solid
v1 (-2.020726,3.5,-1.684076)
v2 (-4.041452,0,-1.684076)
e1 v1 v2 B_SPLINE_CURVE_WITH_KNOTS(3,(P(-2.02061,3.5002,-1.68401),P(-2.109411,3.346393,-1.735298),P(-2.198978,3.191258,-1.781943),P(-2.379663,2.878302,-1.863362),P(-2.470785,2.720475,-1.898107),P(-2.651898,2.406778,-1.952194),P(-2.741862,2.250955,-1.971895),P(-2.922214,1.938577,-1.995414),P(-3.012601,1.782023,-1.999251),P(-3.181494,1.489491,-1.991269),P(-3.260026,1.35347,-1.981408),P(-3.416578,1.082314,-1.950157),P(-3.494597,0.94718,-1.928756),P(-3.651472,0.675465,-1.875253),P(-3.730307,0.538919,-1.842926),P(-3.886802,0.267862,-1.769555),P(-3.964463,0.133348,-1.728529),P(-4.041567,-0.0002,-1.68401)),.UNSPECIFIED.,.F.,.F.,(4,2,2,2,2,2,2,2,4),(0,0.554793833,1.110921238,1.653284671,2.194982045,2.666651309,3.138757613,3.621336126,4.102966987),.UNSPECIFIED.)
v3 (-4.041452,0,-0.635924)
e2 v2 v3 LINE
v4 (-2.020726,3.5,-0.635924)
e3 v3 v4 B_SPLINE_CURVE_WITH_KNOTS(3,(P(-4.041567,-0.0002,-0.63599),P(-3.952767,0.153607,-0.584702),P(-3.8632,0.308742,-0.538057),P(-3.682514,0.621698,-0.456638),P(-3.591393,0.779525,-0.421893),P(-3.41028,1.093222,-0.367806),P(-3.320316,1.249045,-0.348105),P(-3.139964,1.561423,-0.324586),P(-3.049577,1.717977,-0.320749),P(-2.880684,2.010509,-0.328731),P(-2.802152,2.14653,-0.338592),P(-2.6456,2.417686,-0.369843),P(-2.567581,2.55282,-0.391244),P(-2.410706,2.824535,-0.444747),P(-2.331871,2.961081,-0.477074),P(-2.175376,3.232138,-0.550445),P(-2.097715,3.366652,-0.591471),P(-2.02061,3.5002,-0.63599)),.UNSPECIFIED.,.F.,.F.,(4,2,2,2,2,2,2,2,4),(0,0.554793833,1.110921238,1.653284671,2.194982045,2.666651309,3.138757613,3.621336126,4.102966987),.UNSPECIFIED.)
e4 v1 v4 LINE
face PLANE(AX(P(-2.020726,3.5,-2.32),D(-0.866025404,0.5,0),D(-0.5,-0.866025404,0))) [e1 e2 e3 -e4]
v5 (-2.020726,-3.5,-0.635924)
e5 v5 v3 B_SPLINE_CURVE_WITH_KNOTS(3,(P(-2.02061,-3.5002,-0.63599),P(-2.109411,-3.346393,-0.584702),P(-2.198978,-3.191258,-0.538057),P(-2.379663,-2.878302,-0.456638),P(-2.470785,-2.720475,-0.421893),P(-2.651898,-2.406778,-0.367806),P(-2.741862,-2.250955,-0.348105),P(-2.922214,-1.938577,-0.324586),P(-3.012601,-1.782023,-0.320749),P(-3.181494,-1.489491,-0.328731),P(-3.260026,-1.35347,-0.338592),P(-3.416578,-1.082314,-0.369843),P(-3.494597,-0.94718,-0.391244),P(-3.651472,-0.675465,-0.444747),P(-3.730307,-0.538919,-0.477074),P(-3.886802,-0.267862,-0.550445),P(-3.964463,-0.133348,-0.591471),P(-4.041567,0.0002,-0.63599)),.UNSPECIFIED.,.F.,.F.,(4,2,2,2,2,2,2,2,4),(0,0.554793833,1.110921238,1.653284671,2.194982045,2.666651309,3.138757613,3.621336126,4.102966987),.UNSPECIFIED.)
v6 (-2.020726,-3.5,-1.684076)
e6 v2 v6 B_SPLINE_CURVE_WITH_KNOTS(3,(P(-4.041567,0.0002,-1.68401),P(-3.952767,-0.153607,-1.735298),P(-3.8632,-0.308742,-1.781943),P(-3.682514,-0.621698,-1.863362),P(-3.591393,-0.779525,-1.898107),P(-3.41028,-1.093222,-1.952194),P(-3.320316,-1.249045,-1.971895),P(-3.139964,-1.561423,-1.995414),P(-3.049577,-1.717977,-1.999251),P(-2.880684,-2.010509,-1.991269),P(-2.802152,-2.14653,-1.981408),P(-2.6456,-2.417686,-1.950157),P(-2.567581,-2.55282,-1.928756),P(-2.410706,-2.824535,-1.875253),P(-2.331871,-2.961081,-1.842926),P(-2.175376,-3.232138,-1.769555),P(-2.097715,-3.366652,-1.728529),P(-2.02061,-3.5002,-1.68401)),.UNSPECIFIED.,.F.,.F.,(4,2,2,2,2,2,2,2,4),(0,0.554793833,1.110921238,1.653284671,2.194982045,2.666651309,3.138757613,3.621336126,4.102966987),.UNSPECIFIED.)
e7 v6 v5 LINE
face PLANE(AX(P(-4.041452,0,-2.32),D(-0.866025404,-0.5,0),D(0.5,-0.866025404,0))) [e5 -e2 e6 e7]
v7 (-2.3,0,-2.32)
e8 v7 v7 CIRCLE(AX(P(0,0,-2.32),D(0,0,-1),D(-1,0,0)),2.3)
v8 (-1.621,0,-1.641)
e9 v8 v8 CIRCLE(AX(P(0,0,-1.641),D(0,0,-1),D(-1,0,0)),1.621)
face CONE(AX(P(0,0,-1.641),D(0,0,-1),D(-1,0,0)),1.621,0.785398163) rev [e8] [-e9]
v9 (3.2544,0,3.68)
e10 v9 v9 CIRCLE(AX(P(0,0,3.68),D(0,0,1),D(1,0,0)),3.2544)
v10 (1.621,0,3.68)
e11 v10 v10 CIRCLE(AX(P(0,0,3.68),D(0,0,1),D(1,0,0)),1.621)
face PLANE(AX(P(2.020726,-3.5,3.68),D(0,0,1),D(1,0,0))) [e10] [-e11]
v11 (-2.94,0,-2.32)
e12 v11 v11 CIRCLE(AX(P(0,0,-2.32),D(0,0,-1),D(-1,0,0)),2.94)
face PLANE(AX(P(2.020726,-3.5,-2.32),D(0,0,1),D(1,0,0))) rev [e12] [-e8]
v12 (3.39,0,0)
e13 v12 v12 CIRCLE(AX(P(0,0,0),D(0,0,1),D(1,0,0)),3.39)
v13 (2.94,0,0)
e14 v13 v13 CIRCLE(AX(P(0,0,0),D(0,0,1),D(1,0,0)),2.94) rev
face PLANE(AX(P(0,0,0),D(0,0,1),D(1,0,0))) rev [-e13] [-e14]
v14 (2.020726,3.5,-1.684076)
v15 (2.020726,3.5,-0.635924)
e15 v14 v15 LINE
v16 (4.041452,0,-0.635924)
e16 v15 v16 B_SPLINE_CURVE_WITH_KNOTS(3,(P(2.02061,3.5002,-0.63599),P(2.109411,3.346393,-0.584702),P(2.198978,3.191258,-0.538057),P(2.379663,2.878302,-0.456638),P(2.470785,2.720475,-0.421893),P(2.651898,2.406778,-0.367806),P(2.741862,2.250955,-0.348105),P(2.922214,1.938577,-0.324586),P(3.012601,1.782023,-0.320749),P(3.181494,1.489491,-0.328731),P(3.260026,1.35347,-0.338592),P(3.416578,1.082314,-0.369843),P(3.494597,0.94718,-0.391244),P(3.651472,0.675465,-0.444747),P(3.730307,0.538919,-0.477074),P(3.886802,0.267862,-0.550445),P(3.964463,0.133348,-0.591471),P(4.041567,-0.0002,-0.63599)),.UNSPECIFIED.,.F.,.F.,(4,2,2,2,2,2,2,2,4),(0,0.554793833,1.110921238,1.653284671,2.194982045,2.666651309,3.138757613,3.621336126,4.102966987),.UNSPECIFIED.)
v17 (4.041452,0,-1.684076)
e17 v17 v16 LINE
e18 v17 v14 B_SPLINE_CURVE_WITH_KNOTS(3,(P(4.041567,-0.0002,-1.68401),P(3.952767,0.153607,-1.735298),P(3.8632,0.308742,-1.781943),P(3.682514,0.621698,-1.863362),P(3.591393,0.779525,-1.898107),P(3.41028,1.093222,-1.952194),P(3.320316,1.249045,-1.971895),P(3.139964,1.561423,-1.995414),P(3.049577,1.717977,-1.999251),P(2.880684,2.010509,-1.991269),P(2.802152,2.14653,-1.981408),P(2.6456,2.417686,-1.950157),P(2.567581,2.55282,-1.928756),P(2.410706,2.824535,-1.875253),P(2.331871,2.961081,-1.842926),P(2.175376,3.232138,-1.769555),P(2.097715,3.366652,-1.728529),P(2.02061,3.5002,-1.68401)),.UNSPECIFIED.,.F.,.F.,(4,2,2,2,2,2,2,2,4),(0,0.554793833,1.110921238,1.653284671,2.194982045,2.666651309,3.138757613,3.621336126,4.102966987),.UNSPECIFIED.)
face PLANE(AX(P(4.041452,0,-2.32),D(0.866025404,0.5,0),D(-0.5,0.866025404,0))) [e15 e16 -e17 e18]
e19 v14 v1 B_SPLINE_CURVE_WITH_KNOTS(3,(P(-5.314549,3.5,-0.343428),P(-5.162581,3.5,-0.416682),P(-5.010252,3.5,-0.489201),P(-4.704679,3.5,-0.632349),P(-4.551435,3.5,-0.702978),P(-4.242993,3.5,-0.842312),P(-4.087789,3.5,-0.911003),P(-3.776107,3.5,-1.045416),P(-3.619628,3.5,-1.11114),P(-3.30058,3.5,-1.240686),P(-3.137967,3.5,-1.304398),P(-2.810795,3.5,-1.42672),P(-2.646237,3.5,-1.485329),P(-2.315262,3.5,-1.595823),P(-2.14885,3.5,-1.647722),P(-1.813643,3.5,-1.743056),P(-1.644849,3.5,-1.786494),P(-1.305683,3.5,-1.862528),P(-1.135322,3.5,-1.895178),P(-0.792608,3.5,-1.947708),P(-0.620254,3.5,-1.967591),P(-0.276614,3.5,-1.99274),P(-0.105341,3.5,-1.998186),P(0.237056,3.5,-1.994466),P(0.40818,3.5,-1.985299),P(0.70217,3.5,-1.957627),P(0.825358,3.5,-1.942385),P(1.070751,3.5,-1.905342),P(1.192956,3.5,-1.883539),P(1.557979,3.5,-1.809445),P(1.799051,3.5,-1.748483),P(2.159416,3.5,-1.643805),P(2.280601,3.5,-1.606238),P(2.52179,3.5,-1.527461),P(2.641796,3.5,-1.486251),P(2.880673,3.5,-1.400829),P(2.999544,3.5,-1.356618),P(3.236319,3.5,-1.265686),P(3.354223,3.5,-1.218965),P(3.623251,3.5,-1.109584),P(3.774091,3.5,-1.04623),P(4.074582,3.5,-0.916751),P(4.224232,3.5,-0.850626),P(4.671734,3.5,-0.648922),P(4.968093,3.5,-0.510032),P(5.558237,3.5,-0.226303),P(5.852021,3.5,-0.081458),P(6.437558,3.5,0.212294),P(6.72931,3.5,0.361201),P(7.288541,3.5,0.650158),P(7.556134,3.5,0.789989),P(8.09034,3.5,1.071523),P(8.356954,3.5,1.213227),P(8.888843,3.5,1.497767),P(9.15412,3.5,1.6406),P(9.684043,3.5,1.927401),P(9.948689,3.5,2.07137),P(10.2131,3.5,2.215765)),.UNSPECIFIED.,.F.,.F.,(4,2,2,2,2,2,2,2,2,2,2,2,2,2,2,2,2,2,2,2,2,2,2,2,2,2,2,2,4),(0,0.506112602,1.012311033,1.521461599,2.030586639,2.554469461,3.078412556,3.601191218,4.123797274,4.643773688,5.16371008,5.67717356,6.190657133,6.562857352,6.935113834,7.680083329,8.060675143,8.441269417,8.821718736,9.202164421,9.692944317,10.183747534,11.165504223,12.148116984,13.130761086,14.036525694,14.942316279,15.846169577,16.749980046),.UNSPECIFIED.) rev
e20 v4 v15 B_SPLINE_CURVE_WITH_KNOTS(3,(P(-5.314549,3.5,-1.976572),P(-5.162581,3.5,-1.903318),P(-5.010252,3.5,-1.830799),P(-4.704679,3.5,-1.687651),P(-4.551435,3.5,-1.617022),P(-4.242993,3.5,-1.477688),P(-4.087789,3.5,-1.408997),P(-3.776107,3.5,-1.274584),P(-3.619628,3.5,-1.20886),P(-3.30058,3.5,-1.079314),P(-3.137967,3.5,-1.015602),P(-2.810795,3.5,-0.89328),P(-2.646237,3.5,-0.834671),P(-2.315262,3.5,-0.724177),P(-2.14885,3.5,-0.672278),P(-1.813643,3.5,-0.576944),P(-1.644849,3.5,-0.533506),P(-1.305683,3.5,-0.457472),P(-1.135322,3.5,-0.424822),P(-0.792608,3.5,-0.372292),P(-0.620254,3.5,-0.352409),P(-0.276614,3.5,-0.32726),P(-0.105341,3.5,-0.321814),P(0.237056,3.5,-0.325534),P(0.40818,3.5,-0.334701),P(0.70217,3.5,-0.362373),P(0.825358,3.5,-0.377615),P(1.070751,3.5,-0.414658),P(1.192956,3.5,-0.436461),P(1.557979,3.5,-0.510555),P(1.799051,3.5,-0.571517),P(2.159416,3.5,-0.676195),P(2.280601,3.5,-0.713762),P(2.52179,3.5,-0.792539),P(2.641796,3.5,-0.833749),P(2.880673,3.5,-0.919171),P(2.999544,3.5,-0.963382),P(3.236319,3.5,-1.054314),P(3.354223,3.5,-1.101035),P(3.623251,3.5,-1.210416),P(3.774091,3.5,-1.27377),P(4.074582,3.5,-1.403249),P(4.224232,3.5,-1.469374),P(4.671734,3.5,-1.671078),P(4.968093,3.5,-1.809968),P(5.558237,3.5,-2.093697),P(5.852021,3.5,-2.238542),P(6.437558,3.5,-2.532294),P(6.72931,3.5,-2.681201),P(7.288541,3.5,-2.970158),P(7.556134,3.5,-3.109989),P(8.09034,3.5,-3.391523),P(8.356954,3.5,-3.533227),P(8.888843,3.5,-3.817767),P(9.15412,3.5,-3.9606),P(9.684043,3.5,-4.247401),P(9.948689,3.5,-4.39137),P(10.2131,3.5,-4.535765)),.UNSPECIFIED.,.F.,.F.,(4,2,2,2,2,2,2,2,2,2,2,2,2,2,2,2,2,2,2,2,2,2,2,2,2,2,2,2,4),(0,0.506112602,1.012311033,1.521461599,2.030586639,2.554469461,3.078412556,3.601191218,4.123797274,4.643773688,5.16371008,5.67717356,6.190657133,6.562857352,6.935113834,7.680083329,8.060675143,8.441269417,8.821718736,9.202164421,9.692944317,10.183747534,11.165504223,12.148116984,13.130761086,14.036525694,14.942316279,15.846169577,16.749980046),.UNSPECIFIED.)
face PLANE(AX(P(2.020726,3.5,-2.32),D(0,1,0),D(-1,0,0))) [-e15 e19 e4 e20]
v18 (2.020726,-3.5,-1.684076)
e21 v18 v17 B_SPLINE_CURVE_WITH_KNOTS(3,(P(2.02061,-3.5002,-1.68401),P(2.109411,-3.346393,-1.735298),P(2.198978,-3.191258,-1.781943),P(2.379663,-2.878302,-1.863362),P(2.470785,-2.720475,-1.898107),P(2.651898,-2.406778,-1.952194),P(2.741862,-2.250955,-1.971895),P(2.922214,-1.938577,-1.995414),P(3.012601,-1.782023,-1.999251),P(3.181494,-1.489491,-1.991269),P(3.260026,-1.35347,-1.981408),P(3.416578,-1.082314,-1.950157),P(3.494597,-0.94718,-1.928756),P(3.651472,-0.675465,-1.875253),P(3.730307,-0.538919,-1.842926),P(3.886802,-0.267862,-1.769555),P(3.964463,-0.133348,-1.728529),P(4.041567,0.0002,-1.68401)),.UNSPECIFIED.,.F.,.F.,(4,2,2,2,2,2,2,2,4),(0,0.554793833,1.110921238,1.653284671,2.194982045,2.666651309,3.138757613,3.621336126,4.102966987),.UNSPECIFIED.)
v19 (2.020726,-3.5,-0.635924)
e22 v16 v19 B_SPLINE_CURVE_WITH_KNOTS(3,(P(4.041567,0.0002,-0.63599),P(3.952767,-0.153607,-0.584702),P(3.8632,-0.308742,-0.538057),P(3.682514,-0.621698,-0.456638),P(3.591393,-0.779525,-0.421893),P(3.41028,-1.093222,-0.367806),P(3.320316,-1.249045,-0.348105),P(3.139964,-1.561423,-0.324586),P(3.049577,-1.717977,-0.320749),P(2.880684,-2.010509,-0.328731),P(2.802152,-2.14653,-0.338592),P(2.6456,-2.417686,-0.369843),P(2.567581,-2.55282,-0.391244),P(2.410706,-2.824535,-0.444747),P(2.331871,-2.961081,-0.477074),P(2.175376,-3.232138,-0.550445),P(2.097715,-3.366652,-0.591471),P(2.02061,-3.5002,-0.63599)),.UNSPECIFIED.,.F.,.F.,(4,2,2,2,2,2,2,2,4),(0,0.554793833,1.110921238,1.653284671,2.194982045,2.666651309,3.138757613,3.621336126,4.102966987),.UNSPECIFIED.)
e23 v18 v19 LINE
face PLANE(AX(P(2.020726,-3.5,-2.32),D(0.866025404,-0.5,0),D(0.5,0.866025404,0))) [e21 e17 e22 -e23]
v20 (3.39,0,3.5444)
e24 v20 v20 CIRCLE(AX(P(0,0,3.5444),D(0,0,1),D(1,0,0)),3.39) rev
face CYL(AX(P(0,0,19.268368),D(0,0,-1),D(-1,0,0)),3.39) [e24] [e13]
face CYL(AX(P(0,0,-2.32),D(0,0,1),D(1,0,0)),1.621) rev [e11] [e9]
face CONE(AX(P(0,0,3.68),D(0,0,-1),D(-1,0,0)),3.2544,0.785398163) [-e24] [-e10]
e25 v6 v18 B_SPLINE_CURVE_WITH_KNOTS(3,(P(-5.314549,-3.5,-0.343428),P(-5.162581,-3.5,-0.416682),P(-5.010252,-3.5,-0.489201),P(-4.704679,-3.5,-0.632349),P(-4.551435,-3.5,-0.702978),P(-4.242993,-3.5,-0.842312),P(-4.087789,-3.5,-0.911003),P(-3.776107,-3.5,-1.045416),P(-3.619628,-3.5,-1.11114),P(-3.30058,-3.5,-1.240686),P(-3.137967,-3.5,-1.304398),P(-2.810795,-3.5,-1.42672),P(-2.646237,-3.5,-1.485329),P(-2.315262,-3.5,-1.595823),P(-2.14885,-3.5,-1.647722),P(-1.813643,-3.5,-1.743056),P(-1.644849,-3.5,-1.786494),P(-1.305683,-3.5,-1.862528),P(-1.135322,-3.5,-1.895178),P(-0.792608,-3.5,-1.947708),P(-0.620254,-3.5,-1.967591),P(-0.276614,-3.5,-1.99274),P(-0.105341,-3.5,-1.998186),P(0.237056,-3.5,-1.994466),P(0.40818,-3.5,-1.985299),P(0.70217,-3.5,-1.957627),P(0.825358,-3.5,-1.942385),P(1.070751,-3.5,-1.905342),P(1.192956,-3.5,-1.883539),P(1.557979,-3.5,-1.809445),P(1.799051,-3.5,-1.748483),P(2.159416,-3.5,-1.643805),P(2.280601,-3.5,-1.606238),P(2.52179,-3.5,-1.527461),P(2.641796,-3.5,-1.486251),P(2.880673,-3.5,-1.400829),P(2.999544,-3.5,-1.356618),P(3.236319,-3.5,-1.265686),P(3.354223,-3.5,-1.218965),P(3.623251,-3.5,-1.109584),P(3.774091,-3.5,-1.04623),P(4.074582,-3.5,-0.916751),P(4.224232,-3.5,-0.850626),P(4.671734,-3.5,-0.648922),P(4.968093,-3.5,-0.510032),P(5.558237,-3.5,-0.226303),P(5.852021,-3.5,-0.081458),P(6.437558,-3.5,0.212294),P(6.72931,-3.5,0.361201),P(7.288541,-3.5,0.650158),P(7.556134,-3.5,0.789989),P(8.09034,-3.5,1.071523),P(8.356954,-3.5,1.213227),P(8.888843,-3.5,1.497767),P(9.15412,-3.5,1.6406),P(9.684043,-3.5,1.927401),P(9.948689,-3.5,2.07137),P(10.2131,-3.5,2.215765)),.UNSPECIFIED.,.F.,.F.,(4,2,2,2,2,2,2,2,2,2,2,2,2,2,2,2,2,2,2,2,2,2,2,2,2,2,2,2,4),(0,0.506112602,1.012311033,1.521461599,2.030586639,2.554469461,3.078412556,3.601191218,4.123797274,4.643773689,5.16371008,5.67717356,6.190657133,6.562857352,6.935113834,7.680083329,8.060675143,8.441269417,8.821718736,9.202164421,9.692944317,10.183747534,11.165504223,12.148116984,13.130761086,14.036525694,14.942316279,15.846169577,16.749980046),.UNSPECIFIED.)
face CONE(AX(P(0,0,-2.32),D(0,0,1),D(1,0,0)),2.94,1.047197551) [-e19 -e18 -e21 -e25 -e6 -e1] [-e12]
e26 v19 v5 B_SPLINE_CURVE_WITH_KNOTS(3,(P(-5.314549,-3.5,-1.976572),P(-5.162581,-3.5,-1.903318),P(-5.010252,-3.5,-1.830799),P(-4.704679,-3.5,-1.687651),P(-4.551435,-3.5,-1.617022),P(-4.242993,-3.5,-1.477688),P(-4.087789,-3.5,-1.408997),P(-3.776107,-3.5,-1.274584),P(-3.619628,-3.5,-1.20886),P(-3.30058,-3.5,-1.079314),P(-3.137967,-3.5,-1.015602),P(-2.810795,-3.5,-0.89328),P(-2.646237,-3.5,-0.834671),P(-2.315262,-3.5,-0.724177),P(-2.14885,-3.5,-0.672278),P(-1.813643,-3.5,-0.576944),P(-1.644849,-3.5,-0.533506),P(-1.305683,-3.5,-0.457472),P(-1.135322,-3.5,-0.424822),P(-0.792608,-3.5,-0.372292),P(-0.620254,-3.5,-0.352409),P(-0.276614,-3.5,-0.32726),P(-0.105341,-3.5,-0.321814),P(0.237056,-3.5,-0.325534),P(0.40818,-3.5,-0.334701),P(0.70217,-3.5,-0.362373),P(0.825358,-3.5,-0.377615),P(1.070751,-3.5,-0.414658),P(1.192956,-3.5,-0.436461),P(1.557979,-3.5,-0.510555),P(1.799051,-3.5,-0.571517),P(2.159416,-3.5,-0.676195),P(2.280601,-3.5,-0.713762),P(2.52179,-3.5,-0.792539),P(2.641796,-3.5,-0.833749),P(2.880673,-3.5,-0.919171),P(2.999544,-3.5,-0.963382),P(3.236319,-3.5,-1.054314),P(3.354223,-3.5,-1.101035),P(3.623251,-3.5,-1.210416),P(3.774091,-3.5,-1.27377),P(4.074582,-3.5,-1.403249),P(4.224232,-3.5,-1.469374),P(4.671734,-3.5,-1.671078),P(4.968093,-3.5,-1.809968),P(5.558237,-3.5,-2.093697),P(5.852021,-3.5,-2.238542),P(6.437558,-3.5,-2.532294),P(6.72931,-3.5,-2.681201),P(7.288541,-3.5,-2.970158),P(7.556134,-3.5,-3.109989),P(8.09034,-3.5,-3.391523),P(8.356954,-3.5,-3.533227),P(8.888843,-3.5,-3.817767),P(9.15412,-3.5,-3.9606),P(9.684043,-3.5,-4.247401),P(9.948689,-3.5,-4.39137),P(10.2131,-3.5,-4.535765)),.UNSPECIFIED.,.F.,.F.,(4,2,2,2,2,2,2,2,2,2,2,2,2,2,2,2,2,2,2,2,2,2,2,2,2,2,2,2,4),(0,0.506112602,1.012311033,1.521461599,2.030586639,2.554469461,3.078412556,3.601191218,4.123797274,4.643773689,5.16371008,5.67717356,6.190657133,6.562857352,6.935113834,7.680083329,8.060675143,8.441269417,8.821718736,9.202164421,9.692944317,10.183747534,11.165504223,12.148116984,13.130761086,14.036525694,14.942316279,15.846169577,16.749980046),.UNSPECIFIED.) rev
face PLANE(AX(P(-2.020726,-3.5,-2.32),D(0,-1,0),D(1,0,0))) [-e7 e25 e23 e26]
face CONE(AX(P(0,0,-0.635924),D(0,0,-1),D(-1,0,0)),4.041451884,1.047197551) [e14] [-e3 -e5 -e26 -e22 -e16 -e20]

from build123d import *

# Parameters (mm, degrees)
SKETCH1_R      = 1.621
BASENUT_DEPTH  = 2.32
EXTRUDE1_START = 3.68
SKETCH2_R      = 3.39
SKETCH2_R_2    = 1.621
EXTRUDE1_DEPTH = 3.68
CHAMFER1_SIZE  = 0.1356


with BuildPart() as part:
    # Sketch1 → BaseNut (new body)
    with BuildSketch(Plane.XY):
        Polygon((2.020725942, -3.5), (4.041451884, 0), (2.020725942, 3.5), (-2.020725942, 3.5), (-4.041451884, 0), (-2.020725942, -3.5), align=None)
        Circle(SKETCH1_R, mode=Mode.SUBTRACT)
    extrude(amount=-BASENUT_DEPTH)

    # Sketch3 → Double-Chamfer (revolve, cut)
    with BuildSketch(Plane(origin=(0, 0, 0), x_dir=(1, 0, 0), z_dir=(0, 1, 0))):
        Polygon((2.94, 2.32), (4.041451884, 2.32), (4.041451884, 1.684076458), align=None)
        Polygon((4.041451884, 0.635923542), (2.94, 0), (4.041451884, 0), align=None)
    revolve(axis=Axis((0, 0, -16.31077227), (0, 0, 1)), mode=Mode.SUBTRACT)

    # Sketch2 → Extrude1 (add)
    with BuildSketch(Plane(origin=(20.087129569, -4.281493882, 0), x_dir=(1, 0, 0), z_dir=(0, 0, 1)).offset(EXTRUDE1_START)):
        with Locations((-20.087129569, 4.281493882)):
            Circle(SKETCH2_R)
        with Locations((-20.087129569, 4.281493882)):
            Circle(SKETCH2_R_2, mode=Mode.SUBTRACT)
    extrude(amount=-EXTRUDE1_DEPTH)

    # Sketch5 → EndChamfer (revolve, cut)
    with BuildSketch(Plane(origin=(0, 0, 0), x_dir=(1, 0, 0), z_dir=(0, 1, 0))):
        Polygon((1.621, 2.32), (2.3, 2.32), (1.621, 1.641), align=None)
    revolve(axis=Axis((0, 0, -16.800797033), (0, 0, 1)), mode=Mode.SUBTRACT)

    # Chamfer1
    chamfer1_edges = [part.edges().sort_by_distance(p)[0] for p in [
        (-3.39, 0, 3.68),
    ]]
    chamfer(chamfer1_edges, length=CHAMFER1_SIZE)


solid = part.part
